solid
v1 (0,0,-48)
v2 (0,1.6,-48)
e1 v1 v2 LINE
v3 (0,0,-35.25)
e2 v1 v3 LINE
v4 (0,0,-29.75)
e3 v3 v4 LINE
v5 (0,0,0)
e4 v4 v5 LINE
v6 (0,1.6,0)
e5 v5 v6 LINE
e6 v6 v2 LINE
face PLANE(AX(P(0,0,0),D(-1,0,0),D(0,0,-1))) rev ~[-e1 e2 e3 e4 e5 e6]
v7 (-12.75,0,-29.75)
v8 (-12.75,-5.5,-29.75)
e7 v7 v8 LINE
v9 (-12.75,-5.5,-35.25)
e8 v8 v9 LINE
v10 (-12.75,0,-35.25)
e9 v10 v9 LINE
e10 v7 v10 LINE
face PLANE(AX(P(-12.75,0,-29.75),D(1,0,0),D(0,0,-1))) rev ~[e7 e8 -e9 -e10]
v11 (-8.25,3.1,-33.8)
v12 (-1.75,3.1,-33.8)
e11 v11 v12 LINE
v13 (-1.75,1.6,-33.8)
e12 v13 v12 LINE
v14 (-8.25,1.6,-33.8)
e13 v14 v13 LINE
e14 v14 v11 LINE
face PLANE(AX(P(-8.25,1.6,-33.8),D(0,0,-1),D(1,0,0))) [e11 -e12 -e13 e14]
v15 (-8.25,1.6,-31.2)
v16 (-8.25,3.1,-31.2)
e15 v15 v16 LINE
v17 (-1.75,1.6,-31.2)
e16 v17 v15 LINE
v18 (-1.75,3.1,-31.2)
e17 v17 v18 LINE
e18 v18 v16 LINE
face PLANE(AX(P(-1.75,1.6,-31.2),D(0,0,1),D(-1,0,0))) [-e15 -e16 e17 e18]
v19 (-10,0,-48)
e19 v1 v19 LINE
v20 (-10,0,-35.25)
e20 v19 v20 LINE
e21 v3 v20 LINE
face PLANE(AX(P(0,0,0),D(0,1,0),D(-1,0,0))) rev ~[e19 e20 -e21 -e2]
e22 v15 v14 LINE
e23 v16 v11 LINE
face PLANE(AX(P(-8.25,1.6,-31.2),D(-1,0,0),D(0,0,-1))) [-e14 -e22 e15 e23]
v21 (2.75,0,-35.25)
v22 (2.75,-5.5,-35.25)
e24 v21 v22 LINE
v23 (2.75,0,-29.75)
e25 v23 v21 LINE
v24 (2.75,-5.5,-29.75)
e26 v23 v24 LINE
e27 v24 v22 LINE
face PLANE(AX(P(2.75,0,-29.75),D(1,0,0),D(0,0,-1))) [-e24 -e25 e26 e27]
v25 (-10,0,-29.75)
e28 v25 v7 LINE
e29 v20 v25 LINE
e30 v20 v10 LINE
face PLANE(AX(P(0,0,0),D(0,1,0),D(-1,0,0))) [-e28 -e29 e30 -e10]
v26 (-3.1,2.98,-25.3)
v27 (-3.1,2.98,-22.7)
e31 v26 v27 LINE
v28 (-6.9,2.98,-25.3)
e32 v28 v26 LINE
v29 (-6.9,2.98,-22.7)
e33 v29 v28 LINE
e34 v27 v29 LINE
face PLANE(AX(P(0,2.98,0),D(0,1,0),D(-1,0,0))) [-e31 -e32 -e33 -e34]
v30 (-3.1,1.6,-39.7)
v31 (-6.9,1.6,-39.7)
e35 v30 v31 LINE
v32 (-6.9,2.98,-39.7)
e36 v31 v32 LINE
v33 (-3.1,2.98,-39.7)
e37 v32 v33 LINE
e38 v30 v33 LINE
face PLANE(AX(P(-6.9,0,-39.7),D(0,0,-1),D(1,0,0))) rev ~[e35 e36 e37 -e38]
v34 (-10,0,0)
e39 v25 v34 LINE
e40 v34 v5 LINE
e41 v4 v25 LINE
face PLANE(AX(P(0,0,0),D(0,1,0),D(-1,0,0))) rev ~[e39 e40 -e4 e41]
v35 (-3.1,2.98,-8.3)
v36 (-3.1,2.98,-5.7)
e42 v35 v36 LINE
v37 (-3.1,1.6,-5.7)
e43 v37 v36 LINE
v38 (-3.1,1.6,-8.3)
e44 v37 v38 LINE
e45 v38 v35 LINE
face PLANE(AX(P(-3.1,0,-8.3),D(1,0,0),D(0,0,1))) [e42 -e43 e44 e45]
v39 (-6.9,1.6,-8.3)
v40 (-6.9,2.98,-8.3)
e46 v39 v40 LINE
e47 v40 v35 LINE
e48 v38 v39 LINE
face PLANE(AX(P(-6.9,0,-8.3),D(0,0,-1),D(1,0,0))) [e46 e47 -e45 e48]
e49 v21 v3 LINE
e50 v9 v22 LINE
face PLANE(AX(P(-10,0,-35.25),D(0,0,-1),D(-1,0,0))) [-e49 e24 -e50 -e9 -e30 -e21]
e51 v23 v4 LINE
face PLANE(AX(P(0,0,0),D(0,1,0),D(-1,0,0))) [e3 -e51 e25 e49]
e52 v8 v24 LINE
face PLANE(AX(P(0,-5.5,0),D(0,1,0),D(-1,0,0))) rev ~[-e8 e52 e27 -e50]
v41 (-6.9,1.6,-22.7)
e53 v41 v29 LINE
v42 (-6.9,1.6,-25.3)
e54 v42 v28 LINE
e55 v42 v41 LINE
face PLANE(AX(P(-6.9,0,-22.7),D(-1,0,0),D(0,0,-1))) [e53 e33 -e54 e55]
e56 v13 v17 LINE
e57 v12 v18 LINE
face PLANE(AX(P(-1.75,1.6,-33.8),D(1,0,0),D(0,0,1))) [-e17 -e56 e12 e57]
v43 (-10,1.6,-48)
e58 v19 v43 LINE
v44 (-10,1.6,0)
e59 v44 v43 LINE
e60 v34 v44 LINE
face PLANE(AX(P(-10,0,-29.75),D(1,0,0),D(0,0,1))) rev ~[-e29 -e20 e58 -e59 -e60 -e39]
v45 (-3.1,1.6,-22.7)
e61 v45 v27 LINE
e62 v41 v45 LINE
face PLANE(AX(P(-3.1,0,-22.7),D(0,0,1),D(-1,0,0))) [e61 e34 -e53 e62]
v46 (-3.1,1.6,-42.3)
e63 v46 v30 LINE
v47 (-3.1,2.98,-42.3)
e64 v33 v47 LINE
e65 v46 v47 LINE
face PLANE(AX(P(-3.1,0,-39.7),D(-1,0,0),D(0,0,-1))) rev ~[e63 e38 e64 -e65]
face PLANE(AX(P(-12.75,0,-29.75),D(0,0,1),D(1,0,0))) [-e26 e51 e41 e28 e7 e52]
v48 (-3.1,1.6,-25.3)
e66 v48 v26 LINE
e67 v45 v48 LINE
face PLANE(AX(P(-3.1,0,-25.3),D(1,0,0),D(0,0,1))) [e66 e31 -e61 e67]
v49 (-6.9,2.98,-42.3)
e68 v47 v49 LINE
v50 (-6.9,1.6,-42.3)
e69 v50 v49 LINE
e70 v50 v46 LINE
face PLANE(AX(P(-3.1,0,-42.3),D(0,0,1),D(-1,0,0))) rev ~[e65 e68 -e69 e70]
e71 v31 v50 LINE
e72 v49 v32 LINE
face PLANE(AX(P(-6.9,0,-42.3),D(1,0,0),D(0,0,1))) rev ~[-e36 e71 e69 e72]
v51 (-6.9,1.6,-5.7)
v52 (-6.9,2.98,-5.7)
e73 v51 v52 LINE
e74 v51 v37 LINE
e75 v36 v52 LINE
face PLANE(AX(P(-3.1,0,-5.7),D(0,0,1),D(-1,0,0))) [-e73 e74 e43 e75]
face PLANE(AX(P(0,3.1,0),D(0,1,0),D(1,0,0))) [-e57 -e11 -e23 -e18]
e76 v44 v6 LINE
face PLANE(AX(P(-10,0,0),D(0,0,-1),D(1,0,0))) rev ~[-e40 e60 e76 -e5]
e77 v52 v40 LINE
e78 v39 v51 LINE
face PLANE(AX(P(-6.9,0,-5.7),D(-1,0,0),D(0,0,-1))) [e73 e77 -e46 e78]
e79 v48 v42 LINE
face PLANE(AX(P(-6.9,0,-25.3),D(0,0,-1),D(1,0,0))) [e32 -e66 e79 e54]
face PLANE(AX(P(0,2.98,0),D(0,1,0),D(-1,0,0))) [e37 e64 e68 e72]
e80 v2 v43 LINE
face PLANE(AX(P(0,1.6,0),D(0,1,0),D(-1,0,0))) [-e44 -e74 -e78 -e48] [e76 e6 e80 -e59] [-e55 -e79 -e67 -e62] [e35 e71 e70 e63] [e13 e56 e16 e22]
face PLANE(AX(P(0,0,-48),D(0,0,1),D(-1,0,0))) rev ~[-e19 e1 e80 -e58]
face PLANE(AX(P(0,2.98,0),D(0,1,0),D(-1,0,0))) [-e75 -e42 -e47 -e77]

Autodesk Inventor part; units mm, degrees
ref_plane "YZ Plane" through (0, 0, 0) normal (1, 0, 0) x (0, 1, 0)
ref_plane "XZ Plane" through (0, 0, 0) normal (0, 1, 0) x (-1, 0, 0)
ref_plane "XY Plane" through (0, 0, 0) normal (0, 0, 1) x (1, 0, 0)
sketch "Sketch2" plane through (0, 0, 0) normal (0, 1, 0) x (-1, 0, 0)
  line L0 (10, 0) -> (0, 0)
  line L1 (0, 0) -> (0, -48)
  line L2 (0, -48) -> (10, -48)
  line L3 (10, -48) -> (10, 0)
  line L4 (6.9, -8.3) -> (3.1, -8.3)
  line L5 (3.1, -8.3) -> (3.1, -5.7)
  line L6 (3.1, -5.7) -> (6.9, -5.7)
  line L7 (6.9, -5.7) -> (6.9, -8.3)
  line L8 (6.9, -39.7) -> (3.1, -39.7)
  line L9 (3.1, -39.7) -> (3.1, -42.3)
  line L10 (3.1, -42.3) -> (6.9, -42.3)
  line L11 (6.9, -42.3) -> (6.9, -39.7)
  line L12 (3.1, -22.7) -> (6.9, -22.7)
  line L13 (3.1, -25.3) -> (3.1, -22.7)
  line L14 (6.9, -25.3) -> (3.1, -25.3)
  line L15 (6.9, -22.7) -> (6.9, -25.3)
  line L16 (23.6892, -32.5) -> (-2.3247, -32.5) construction
  line L17 (5, -54.7987) -> (5, -48.1542) construction
  line L18 (5, 9.3713) -> (5, -46.1174) construction
  line L19 (11.7769, -7) -> (1.25, -7) construction
  line L20 (11.7769, -24) -> (1.25, -24) construction
  line L21 (11.7769, -41) -> (1.25, -41) construction
  line L22 (12.75, -29.75) -> (-2.75, -29.75)
  line L23 (-2.75, -35.25) -> (12.75, -35.25)
  line L24 (12.75, -29.75) -> (12.75, -35.25)
  line L25 (-2.75, -29.75) -> (-2.75, -35.25)
  dimension "d0" = 10
  dimension "d1" = 48
  dimension "d13" = 3.8
  dimension "d14" = 2.6
  dimension "d40" = 5
  dimension "d49" = 15.5
  dimension "d50" = 7
  dimension "d51" = 24
  dimension "d52" = 41
  dimension "d53" = 5.5
  dimension "d54" = 15.5
extrude "Extrusion1" add sketch "Sketch2" along normal blind 1.6 contours L3 L22 L1 L0 | L3 L23 L1 L22 | L3 L2 L1 L23 | L4 L5 L6 L7 | L11 L10 L9 L8 | L12 L15 L14 L13
extrude "Extrusion4" add sketch "Sketch2" along normal blind 2.98 contours L4 L5 L6 L7 | L11 L10 L9 L8 | L12 L15 L14 L13
sketch "Sketch3" plane through (0, 2.98, 0) normal (0, 1, 0) x (1, 0, 0)
  line L0 (-3.1, 25.3) -> (-6.9, 25.3) construction
  line L1 (-6.9, 22.7) -> (-3.1, 22.7) construction
  point P0 (0, 0)
  point P1 (-5.1459, 24.0493)
extrude "Extrusion5" add sketch "Sketch2" against normal blind 5.5 contours L22 L24 L23 L3 | L3 L23 L1 L22 | L1 L23 L25 L22
sketch "Sketch4" plane through (0, 1.6, 0) normal (0, 1, 0) x (1, 0, 0)
  line L0 (-1.75, 31.2) -> (-8.25, 31.2)
  line L1 (-8.25, 31.2) -> (-8.25, 33.8)
  line L2 (-8.25, 33.8) -> (-1.75, 33.8)
  line L3 (-1.75, 33.8) -> (-1.75, 31.2)
  line L4 (-23.6892, 32.5) -> (2.3247, 32.5) construction
  line L5 (-5, -9.3713) -> (-5, 46.1174) construction
  point P0 (0, 0)
  dimension "d57" = 2.6
  dimension "d58" = 6.5
extrude "Extrusion6" add sketch "Sketch4" along normal blind 1.5
properties part number "Sensor_Board_dummy"
